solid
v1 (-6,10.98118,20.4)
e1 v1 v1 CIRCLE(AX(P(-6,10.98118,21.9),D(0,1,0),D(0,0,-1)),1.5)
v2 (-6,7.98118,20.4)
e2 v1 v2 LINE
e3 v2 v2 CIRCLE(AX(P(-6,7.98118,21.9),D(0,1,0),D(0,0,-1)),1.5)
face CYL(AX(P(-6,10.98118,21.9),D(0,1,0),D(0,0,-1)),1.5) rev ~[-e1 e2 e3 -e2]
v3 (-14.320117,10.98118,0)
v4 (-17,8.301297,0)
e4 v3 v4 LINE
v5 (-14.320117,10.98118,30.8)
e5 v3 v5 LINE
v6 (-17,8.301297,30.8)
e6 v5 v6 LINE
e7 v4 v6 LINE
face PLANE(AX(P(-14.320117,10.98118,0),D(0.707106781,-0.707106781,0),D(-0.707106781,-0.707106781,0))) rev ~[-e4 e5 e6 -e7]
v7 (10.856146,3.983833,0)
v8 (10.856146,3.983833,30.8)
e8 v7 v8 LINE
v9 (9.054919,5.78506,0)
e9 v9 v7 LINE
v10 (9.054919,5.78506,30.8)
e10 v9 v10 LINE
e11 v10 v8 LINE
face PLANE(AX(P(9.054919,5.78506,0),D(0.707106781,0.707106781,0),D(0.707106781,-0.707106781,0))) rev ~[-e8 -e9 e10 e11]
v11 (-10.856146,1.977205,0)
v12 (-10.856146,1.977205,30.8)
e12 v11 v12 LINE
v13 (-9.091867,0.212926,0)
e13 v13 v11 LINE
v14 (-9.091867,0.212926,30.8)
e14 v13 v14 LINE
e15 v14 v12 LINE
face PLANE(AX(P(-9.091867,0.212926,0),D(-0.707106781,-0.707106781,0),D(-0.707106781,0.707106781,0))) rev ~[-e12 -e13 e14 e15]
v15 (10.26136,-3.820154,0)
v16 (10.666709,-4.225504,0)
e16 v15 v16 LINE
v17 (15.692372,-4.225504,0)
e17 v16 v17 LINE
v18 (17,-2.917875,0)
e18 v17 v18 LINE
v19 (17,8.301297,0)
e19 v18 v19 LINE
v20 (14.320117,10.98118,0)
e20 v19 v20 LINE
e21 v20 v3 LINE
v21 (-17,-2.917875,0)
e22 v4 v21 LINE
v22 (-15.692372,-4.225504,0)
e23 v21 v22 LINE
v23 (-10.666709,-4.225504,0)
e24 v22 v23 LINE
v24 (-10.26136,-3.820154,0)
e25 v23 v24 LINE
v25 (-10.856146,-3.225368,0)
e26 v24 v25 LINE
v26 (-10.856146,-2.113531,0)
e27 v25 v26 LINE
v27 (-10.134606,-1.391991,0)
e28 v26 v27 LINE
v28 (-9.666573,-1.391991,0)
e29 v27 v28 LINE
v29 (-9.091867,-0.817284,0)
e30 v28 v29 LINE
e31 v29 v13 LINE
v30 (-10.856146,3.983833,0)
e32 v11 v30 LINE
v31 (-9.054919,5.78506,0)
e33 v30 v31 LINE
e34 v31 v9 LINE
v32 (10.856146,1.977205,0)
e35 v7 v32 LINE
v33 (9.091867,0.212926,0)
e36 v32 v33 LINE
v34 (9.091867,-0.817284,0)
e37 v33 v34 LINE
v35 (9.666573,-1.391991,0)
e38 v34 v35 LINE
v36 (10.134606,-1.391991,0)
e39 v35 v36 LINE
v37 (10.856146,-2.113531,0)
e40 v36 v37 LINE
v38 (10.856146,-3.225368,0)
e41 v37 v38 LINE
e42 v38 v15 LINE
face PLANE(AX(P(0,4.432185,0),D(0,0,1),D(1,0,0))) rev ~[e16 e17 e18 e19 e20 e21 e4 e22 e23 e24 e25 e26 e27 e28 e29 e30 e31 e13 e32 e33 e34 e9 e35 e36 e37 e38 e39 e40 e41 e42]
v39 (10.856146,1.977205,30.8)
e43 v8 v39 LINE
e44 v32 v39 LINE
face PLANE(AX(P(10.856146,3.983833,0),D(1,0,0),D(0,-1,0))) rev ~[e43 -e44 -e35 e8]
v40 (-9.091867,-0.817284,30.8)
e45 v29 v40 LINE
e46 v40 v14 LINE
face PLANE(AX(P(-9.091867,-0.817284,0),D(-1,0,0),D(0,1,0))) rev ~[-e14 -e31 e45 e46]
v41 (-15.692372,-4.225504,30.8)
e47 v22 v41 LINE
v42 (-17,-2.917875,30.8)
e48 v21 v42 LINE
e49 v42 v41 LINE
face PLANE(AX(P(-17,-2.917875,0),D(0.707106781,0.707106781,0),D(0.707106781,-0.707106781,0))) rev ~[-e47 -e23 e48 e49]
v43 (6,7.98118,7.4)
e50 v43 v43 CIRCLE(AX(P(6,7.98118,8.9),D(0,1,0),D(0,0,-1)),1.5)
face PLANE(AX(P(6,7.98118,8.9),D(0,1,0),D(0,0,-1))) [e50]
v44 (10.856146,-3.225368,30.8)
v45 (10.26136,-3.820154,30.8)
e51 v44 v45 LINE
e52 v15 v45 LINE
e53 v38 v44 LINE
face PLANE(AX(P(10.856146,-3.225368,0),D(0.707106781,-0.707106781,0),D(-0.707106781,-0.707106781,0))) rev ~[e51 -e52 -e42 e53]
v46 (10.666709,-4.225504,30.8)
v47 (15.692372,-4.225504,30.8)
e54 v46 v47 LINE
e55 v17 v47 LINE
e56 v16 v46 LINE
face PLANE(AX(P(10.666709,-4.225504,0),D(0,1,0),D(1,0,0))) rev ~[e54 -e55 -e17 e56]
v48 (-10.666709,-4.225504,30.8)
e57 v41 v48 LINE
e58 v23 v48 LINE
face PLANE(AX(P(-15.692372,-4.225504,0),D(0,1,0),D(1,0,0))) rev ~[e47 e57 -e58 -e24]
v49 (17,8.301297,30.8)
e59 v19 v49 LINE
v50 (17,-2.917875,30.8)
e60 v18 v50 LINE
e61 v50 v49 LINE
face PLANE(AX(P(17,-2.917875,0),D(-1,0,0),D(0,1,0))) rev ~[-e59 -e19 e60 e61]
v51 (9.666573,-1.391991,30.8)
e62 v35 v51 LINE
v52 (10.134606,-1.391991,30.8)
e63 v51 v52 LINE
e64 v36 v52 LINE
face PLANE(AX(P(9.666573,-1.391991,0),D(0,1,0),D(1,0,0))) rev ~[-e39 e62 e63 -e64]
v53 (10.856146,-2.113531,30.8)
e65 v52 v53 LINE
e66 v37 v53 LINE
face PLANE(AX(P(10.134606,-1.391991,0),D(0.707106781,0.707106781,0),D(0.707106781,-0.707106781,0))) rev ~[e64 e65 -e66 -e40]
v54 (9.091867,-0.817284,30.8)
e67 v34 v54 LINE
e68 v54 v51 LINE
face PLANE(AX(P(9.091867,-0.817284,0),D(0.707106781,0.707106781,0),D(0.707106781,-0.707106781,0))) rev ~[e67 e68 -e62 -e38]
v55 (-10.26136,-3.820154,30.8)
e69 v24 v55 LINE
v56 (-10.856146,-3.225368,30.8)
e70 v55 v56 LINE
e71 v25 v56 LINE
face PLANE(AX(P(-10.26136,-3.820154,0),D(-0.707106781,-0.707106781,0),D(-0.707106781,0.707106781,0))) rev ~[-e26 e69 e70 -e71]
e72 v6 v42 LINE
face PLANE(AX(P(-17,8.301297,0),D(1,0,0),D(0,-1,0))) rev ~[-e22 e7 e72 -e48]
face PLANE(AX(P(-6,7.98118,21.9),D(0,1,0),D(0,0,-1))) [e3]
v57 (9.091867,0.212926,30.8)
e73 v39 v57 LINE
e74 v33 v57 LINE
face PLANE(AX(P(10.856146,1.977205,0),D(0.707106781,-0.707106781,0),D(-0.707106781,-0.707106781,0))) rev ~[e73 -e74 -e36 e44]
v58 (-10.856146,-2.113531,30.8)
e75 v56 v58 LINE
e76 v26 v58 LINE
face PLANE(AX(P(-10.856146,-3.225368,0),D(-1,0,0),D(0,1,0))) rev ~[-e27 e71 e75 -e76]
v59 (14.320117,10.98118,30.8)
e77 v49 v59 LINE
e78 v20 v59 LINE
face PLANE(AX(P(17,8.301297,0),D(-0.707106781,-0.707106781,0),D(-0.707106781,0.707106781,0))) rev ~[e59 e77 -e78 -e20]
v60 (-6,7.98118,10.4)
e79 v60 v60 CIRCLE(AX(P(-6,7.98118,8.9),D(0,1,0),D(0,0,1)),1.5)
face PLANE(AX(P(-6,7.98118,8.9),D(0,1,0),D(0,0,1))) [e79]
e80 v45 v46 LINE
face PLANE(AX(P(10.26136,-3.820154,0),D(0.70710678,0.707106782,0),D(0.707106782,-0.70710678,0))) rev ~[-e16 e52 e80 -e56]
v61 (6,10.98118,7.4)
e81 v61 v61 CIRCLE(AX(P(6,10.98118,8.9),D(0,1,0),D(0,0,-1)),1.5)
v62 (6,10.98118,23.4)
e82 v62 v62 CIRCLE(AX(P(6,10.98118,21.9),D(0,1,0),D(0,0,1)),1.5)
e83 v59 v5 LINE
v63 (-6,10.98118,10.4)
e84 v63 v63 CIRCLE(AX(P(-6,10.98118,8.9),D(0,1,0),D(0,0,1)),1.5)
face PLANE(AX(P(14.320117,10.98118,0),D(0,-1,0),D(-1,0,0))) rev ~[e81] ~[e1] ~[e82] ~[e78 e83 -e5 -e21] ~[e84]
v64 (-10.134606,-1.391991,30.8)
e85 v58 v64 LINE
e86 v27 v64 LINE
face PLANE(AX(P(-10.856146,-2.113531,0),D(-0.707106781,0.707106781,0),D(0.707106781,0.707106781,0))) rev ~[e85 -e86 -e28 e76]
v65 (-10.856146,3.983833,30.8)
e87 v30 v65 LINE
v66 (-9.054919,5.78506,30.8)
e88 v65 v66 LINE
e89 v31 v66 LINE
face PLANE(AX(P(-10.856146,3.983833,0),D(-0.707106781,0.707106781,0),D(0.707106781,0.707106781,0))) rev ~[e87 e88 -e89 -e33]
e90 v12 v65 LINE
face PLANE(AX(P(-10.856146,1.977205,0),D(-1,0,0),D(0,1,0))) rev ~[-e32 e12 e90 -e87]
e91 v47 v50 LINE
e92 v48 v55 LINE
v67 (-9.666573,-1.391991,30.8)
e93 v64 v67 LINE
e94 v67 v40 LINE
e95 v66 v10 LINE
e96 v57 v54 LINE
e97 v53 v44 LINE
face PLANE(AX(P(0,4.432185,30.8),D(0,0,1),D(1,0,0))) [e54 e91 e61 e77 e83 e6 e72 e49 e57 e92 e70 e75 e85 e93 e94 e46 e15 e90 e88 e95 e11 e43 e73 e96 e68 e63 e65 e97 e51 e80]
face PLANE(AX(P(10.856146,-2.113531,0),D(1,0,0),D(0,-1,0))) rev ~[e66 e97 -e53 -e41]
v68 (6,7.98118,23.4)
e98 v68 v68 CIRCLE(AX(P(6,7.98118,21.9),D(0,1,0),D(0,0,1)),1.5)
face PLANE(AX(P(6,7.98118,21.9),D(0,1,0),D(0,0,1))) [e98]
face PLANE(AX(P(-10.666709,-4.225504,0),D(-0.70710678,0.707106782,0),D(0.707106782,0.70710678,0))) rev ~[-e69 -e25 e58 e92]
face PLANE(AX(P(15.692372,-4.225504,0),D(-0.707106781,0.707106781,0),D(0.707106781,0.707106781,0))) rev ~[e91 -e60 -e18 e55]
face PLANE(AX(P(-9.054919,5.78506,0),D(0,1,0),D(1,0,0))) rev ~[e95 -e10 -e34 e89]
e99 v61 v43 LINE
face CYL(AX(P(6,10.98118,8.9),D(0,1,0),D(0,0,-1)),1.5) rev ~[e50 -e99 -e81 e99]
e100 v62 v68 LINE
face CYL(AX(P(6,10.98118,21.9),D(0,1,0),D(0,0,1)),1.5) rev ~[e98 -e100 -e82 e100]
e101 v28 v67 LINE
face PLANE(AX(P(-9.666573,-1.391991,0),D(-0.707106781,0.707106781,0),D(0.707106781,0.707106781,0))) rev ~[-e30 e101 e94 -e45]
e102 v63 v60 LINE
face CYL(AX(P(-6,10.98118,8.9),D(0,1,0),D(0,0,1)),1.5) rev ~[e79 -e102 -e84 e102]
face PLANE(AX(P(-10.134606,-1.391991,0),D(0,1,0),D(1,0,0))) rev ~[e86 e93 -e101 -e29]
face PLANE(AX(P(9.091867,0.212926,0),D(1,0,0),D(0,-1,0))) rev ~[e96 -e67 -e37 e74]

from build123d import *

# Parameters (mm, degrees)
BOSS_EXTRUDE1_DEPTH = 30.8
SKETCH2_R           = 1.5
CUT_EXTRUDE1_DEPTH  = 3


with BuildPart() as part:
    # Sketch1 → Boss-Extrude1 (new body)
    with BuildSketch(Plane.XY):
        Polygon((-9.054919228, 5.785059654), (9.054919228, 5.785059654), (10.856146045, 3.983832837), (10.856146045, 1.977204652), (9.091867013, 0.21292562), (9.091867013, -0.817284255), (9.66657341, -1.391990652), (10.13460575, -1.391990652), (10.856146045, -2.113530947), (10.856146045, -3.22536771), (10.261359727, -3.820154028), (10.666709383, -4.225503683), (15.692371673, -4.225503683), (17, -2.917875356), (17, 8.301296502), (14.320116844, 10.981179658), (-14.320116844, 10.981179658), (-17, 8.301296502), (-17, -2.917875356), (-15.692371673, -4.225503683), (-10.666709383, -4.225503683), (-10.261359727, -3.820154028), (-10.856146045, -3.22536771), (-10.856146045, -2.113530947), (-10.13460575, -1.391990652), (-9.66657341, -1.391990652), (-9.091867013, -0.817284255), (-9.091867013, 0.21292562), (-10.856146045, 1.977204652), (-10.856146045, 3.983832837), align=None)
    extrude(amount=BOSS_EXTRUDE1_DEPTH)

    # Sketch2 → Cut-Extrude1 (cut)
    with BuildSketch(Plane(origin=(0, 10.981179658, 0), x_dir=(1, 0, 0), z_dir=(0, 1, 0))):
        with Locations(Location((-6, -8.9, 0), (0, 0, 270))):
            Circle(SKETCH2_R)
        with Locations(Location((6, -8.9, 0), (0, 0, 90))):
            Circle(SKETCH2_R)
        with Locations(Location((6, -21.9, 0), (0, 0, 270))):
            Circle(SKETCH2_R)
        with Locations(Location((-6, -21.9, 0), (0, 0, 90))):
            Circle(SKETCH2_R)
    extrude(amount=-CUT_EXTRUDE1_DEPTH, mode=Mode.SUBTRACT)


solid = part.part
